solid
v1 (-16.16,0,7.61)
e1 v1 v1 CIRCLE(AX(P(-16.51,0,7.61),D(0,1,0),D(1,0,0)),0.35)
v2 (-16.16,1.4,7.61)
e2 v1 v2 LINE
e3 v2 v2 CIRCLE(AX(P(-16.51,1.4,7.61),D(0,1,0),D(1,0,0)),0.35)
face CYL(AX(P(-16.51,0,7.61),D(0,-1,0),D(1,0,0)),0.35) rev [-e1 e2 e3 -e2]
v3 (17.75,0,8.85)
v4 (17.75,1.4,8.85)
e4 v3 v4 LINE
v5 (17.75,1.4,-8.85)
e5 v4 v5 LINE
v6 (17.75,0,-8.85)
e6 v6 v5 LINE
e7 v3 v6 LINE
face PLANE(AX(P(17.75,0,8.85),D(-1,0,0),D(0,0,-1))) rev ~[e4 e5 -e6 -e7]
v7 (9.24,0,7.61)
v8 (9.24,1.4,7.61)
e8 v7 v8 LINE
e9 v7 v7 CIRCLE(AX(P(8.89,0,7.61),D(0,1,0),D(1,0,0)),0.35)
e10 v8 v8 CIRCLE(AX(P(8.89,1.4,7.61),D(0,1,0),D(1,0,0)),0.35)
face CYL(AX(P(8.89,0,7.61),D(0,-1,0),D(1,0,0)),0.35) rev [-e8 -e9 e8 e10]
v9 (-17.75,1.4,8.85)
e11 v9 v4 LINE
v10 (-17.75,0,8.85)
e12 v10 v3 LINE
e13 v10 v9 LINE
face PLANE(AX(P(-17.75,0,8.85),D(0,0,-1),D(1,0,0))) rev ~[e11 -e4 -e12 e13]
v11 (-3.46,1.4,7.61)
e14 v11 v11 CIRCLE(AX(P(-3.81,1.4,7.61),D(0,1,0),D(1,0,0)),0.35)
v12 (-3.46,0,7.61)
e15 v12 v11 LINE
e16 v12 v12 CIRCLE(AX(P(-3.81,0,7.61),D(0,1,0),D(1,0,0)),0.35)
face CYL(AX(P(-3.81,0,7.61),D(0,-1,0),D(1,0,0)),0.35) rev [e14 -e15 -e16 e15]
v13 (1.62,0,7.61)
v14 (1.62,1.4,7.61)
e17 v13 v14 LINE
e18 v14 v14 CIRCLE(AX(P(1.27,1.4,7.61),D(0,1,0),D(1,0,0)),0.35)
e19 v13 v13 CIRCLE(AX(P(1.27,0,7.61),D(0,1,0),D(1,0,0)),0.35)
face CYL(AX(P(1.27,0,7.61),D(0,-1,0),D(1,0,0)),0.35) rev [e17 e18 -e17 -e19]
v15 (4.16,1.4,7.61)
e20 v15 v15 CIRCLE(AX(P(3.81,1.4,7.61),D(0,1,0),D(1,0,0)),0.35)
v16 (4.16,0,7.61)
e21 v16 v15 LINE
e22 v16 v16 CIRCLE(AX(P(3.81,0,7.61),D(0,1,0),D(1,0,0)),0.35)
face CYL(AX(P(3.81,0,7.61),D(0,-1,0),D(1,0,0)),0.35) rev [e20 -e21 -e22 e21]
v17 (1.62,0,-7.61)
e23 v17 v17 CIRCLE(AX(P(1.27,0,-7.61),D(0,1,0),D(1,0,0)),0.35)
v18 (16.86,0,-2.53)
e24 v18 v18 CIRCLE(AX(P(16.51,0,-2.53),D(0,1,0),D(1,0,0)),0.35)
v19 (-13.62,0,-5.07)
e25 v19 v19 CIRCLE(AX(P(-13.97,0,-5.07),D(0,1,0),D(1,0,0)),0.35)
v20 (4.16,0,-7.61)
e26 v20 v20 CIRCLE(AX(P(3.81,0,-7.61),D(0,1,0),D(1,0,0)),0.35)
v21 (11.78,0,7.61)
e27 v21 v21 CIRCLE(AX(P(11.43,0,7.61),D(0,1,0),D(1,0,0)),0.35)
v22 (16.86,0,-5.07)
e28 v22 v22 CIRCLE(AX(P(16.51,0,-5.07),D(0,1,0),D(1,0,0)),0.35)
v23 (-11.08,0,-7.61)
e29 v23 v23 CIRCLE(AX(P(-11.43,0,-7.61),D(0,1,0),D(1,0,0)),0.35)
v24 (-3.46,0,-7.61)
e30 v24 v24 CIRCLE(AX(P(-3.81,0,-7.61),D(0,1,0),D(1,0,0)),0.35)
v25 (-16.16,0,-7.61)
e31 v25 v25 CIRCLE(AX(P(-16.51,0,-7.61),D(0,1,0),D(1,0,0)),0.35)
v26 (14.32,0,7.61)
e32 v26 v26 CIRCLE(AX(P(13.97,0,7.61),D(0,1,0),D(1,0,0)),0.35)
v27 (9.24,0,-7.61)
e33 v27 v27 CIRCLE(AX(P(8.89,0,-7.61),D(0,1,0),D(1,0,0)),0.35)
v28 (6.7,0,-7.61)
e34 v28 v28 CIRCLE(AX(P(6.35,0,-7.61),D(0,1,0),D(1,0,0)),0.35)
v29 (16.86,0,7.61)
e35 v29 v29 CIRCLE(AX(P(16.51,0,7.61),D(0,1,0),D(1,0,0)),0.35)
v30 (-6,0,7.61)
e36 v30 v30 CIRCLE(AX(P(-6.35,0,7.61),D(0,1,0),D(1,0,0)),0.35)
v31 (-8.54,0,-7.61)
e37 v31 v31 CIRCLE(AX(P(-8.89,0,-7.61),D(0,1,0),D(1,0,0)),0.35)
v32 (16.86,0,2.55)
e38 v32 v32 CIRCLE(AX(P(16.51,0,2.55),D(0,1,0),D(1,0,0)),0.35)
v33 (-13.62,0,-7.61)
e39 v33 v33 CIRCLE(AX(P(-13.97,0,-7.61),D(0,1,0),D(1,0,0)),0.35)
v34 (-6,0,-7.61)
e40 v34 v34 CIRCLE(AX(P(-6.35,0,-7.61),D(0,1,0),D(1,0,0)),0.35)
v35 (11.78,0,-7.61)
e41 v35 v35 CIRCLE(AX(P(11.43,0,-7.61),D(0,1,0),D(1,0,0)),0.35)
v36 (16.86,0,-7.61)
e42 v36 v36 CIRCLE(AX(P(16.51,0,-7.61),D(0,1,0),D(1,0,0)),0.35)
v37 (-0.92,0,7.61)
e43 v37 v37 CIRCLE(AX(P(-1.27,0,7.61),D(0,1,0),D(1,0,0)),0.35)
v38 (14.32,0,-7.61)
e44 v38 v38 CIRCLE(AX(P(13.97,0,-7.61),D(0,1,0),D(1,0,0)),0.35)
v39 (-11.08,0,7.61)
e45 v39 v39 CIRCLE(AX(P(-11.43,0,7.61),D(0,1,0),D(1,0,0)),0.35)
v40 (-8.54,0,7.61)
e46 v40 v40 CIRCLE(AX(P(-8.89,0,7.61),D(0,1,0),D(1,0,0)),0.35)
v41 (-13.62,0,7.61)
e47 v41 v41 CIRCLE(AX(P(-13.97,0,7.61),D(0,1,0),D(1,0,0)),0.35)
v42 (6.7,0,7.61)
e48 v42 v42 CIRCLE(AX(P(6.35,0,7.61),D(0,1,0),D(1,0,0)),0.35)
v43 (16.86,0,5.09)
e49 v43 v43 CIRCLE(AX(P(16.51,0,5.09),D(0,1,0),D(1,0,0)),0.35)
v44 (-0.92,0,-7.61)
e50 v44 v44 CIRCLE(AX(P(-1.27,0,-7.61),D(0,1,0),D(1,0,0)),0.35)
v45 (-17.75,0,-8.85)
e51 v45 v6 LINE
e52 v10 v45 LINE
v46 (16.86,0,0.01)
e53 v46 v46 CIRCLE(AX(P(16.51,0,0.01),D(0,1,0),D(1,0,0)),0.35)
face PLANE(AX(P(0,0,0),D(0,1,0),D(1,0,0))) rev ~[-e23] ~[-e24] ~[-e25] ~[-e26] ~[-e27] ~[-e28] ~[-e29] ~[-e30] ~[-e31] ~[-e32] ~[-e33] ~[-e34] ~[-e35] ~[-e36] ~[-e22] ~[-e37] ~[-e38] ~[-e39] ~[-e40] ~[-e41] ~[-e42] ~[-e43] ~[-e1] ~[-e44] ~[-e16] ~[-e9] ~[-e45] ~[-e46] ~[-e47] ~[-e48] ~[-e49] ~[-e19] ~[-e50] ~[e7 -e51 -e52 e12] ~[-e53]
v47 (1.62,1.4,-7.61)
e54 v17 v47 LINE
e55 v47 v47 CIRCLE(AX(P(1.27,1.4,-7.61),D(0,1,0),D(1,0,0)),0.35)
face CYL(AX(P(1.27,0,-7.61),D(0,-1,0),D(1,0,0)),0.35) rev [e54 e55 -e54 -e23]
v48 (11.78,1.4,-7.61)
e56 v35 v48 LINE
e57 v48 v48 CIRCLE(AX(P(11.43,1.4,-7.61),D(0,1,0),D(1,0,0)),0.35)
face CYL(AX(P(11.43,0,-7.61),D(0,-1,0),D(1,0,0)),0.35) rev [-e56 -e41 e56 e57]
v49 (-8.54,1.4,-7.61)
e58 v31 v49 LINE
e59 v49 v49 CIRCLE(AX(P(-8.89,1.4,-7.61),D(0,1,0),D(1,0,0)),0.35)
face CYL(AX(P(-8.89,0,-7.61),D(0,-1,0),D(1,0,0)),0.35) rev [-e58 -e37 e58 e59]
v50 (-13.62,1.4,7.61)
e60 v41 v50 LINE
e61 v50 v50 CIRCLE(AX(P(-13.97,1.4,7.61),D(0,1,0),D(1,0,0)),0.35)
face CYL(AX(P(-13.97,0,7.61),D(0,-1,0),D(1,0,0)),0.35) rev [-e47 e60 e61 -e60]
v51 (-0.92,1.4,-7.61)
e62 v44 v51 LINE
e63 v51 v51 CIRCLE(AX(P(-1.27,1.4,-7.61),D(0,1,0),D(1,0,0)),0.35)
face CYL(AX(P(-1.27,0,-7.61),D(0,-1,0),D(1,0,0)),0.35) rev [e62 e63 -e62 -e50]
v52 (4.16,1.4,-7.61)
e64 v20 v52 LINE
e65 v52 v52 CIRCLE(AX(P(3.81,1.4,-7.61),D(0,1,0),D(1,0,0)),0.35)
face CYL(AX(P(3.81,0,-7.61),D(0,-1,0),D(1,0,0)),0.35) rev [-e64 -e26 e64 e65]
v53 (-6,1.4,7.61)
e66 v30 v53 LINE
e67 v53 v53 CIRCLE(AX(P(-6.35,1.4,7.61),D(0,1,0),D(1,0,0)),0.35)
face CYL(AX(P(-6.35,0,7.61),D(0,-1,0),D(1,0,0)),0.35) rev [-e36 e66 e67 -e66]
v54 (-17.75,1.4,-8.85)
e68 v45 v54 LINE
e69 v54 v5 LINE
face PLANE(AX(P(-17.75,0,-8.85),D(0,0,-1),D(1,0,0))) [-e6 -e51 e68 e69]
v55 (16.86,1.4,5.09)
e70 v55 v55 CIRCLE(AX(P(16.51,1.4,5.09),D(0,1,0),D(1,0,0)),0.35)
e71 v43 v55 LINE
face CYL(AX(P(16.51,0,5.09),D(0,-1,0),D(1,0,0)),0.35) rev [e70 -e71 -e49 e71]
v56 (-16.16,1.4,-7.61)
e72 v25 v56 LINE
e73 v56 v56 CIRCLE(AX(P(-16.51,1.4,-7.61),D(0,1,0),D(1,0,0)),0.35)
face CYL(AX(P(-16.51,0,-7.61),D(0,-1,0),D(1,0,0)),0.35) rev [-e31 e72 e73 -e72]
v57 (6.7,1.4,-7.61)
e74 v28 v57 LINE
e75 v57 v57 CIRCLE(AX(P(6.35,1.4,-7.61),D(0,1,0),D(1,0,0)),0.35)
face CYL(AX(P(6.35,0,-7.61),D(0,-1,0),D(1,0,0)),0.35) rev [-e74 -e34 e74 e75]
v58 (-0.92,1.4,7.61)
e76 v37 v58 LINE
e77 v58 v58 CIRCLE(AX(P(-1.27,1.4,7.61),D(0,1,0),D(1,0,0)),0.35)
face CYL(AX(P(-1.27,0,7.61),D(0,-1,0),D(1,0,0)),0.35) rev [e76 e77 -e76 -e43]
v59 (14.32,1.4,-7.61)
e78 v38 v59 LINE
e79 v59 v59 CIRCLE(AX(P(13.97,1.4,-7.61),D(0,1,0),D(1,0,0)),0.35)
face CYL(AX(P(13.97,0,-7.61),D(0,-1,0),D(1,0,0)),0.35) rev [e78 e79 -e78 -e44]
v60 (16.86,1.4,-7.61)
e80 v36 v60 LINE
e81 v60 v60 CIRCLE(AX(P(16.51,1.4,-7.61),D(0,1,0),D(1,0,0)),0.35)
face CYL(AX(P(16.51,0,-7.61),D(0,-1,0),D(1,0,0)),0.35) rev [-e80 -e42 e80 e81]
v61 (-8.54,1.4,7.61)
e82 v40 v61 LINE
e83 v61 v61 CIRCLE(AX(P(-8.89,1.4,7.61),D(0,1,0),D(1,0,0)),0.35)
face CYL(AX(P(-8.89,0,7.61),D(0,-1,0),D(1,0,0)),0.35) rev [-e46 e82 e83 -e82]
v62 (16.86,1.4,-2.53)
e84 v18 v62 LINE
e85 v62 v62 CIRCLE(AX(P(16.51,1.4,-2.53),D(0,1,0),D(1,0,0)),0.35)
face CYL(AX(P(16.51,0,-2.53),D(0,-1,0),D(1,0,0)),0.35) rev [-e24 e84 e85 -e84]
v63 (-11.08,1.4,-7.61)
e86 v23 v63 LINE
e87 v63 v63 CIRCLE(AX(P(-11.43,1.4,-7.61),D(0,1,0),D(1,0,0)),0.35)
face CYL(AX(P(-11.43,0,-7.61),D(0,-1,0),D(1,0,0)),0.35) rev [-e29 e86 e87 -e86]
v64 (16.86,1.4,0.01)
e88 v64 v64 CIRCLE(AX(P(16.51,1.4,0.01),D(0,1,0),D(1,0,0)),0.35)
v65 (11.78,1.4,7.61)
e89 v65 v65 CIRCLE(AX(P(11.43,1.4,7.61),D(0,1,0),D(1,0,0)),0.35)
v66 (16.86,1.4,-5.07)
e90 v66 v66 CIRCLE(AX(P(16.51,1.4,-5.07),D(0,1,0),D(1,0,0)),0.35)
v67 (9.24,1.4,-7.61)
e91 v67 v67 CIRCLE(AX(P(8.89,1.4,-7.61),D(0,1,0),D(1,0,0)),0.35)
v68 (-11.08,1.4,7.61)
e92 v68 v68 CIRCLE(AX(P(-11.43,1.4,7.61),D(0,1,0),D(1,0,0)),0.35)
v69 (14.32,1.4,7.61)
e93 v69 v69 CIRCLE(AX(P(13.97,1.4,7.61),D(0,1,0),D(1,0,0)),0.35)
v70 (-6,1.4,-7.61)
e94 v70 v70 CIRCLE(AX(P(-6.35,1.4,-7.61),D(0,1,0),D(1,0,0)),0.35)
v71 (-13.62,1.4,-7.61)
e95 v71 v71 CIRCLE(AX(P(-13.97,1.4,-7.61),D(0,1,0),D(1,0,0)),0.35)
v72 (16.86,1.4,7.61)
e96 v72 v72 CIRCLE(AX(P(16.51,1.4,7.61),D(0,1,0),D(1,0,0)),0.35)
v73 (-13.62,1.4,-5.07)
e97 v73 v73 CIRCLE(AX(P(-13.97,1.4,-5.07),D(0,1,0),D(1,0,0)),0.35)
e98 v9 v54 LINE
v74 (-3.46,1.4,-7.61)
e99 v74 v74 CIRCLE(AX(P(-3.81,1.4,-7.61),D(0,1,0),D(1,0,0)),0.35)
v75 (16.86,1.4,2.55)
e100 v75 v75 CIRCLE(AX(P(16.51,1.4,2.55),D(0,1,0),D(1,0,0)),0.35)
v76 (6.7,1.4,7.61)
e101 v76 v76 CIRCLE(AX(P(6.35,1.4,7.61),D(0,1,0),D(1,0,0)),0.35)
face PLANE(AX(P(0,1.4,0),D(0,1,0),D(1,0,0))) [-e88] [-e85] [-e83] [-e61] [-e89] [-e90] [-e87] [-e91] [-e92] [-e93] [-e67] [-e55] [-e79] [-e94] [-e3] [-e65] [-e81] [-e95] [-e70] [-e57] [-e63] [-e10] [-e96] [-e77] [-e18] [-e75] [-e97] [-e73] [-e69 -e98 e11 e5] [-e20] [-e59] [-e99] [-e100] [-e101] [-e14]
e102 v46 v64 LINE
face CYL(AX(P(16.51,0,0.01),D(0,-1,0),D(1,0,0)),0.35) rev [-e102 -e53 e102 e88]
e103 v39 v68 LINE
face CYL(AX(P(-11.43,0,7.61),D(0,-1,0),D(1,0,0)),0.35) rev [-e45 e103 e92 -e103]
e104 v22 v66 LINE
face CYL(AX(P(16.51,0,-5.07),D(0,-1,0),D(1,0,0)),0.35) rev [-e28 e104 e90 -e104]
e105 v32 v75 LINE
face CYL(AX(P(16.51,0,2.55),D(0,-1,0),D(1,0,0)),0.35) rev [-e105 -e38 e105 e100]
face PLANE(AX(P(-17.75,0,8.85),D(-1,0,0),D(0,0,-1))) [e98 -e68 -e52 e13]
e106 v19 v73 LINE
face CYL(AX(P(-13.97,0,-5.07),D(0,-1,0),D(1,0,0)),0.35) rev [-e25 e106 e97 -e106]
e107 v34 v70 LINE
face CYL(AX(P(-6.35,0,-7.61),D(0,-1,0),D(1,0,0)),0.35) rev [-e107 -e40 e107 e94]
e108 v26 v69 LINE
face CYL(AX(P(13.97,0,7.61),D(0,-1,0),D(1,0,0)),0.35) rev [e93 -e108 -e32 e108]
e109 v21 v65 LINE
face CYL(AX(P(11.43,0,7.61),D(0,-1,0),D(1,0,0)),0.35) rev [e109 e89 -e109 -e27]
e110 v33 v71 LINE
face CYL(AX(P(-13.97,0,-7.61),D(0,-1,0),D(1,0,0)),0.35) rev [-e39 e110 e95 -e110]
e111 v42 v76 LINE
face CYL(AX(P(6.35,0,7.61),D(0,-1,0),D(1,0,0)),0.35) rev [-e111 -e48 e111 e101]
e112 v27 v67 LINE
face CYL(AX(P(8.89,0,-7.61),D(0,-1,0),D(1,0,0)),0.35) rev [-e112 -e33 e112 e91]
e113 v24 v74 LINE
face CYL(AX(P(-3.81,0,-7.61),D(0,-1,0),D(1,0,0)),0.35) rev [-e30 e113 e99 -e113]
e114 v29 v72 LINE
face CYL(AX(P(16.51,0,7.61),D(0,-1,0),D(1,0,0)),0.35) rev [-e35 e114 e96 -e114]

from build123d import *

# Parameters (mm, degrees)
SKETCH1_W           = 35.5
SKETCH1_H           = 17.7
SKETCH1_R           = 0.35
BOSS_EXTRUDE1_DEPTH = 1.4


with BuildPart() as part:
    # Sketch1 → Boss-Extrude1 (new body)
    with BuildSketch(Plane(origin=(0, 0, 0), x_dir=(1, 0, 0), z_dir=(0, 1, 0))):
        Rectangle(SKETCH1_W, SKETCH1_H)
        with Locations((-16.51, 7.61)):
            Circle(SKETCH1_R, mode=Mode.SUBTRACT)
        with Locations((-13.97, 7.61)):
            Circle(SKETCH1_R, mode=Mode.SUBTRACT)
        with Locations((-11.43, 7.61)):
            Circle(SKETCH1_R, mode=Mode.SUBTRACT)
        with Locations((-8.89, 7.61)):
            Circle(SKETCH1_R, mode=Mode.SUBTRACT)
        with Locations((-6.35, 7.61)):
            Circle(SKETCH1_R, mode=Mode.SUBTRACT)
        with Locations((-3.81, 7.61)):
            Circle(SKETCH1_R, mode=Mode.SUBTRACT)
        with Locations((-1.27, 7.61)):
            Circle(SKETCH1_R, mode=Mode.SUBTRACT)
        with Locations((1.27, 7.61)):
            Circle(SKETCH1_R, mode=Mode.SUBTRACT)
        with Locations((3.81, 7.61)):
            Circle(SKETCH1_R, mode=Mode.SUBTRACT)
        with Locations((6.35, 7.61)):
            Circle(SKETCH1_R, mode=Mode.SUBTRACT)
        with Locations((8.89, 7.61)):
            Circle(SKETCH1_R, mode=Mode.SUBTRACT)
        with Locations((11.43, 7.61)):
            Circle(SKETCH1_R, mode=Mode.SUBTRACT)
        with Locations((13.97, 7.61)):
            Circle(SKETCH1_R, mode=Mode.SUBTRACT)
        with Locations((16.51, 7.61)):
            Circle(SKETCH1_R, mode=Mode.SUBTRACT)
        with Locations((16.51, -7.61)):
            Circle(SKETCH1_R, mode=Mode.SUBTRACT)
        with Locations((13.97, -7.61)):
            Circle(SKETCH1_R, mode=Mode.SUBTRACT)
        with Locations((11.43, -7.61)):
            Circle(SKETCH1_R, mode=Mode.SUBTRACT)
        with Locations((8.89, -7.61)):
            Circle(SKETCH1_R, mode=Mode.SUBTRACT)
        with Locations((6.35, -7.61)):
            Circle(SKETCH1_R, mode=Mode.SUBTRACT)
        with Locations((3.81, -7.61)):
            Circle(SKETCH1_R, mode=Mode.SUBTRACT)
        with Locations((1.27, -7.61)):
            Circle(SKETCH1_R, mode=Mode.SUBTRACT)
        with Locations((-1.27, -7.61)):
            Circle(SKETCH1_R, mode=Mode.SUBTRACT)
        with Locations((-3.81, -7.61)):
            Circle(SKETCH1_R, mode=Mode.SUBTRACT)
        with Locations((-6.35, -7.61)):
            Circle(SKETCH1_R, mode=Mode.SUBTRACT)
        with Locations((-8.89, -7.61)):
            Circle(SKETCH1_R, mode=Mode.SUBTRACT)
        with Locations((-11.43, -7.61)):
            Circle(SKETCH1_R, mode=Mode.SUBTRACT)
        with Locations((-13.97, -7.61)):
            Circle(SKETCH1_R, mode=Mode.SUBTRACT)
        with Locations((-16.51, -7.61)):
            Circle(SKETCH1_R, mode=Mode.SUBTRACT)
        with Locations((-13.97, 5.07)):
            Circle(SKETCH1_R, mode=Mode.SUBTRACT)
        with Locations((16.51, 5.07)):
            Circle(SKETCH1_R, mode=Mode.SUBTRACT)
        with Locations((16.51, 2.53)):
            Circle(SKETCH1_R, mode=Mode.SUBTRACT)
        with Locations((16.51, -0.01)):
            Circle(SKETCH1_R, mode=Mode.SUBTRACT)
        with Locations((16.51, -2.55)):
            Circle(SKETCH1_R, mode=Mode.SUBTRACT)
        with Locations((16.51, -5.09)):
            Circle(SKETCH1_R, mode=Mode.SUBTRACT)
    extrude(amount=BOSS_EXTRUDE1_DEPTH)


solid = part.part
